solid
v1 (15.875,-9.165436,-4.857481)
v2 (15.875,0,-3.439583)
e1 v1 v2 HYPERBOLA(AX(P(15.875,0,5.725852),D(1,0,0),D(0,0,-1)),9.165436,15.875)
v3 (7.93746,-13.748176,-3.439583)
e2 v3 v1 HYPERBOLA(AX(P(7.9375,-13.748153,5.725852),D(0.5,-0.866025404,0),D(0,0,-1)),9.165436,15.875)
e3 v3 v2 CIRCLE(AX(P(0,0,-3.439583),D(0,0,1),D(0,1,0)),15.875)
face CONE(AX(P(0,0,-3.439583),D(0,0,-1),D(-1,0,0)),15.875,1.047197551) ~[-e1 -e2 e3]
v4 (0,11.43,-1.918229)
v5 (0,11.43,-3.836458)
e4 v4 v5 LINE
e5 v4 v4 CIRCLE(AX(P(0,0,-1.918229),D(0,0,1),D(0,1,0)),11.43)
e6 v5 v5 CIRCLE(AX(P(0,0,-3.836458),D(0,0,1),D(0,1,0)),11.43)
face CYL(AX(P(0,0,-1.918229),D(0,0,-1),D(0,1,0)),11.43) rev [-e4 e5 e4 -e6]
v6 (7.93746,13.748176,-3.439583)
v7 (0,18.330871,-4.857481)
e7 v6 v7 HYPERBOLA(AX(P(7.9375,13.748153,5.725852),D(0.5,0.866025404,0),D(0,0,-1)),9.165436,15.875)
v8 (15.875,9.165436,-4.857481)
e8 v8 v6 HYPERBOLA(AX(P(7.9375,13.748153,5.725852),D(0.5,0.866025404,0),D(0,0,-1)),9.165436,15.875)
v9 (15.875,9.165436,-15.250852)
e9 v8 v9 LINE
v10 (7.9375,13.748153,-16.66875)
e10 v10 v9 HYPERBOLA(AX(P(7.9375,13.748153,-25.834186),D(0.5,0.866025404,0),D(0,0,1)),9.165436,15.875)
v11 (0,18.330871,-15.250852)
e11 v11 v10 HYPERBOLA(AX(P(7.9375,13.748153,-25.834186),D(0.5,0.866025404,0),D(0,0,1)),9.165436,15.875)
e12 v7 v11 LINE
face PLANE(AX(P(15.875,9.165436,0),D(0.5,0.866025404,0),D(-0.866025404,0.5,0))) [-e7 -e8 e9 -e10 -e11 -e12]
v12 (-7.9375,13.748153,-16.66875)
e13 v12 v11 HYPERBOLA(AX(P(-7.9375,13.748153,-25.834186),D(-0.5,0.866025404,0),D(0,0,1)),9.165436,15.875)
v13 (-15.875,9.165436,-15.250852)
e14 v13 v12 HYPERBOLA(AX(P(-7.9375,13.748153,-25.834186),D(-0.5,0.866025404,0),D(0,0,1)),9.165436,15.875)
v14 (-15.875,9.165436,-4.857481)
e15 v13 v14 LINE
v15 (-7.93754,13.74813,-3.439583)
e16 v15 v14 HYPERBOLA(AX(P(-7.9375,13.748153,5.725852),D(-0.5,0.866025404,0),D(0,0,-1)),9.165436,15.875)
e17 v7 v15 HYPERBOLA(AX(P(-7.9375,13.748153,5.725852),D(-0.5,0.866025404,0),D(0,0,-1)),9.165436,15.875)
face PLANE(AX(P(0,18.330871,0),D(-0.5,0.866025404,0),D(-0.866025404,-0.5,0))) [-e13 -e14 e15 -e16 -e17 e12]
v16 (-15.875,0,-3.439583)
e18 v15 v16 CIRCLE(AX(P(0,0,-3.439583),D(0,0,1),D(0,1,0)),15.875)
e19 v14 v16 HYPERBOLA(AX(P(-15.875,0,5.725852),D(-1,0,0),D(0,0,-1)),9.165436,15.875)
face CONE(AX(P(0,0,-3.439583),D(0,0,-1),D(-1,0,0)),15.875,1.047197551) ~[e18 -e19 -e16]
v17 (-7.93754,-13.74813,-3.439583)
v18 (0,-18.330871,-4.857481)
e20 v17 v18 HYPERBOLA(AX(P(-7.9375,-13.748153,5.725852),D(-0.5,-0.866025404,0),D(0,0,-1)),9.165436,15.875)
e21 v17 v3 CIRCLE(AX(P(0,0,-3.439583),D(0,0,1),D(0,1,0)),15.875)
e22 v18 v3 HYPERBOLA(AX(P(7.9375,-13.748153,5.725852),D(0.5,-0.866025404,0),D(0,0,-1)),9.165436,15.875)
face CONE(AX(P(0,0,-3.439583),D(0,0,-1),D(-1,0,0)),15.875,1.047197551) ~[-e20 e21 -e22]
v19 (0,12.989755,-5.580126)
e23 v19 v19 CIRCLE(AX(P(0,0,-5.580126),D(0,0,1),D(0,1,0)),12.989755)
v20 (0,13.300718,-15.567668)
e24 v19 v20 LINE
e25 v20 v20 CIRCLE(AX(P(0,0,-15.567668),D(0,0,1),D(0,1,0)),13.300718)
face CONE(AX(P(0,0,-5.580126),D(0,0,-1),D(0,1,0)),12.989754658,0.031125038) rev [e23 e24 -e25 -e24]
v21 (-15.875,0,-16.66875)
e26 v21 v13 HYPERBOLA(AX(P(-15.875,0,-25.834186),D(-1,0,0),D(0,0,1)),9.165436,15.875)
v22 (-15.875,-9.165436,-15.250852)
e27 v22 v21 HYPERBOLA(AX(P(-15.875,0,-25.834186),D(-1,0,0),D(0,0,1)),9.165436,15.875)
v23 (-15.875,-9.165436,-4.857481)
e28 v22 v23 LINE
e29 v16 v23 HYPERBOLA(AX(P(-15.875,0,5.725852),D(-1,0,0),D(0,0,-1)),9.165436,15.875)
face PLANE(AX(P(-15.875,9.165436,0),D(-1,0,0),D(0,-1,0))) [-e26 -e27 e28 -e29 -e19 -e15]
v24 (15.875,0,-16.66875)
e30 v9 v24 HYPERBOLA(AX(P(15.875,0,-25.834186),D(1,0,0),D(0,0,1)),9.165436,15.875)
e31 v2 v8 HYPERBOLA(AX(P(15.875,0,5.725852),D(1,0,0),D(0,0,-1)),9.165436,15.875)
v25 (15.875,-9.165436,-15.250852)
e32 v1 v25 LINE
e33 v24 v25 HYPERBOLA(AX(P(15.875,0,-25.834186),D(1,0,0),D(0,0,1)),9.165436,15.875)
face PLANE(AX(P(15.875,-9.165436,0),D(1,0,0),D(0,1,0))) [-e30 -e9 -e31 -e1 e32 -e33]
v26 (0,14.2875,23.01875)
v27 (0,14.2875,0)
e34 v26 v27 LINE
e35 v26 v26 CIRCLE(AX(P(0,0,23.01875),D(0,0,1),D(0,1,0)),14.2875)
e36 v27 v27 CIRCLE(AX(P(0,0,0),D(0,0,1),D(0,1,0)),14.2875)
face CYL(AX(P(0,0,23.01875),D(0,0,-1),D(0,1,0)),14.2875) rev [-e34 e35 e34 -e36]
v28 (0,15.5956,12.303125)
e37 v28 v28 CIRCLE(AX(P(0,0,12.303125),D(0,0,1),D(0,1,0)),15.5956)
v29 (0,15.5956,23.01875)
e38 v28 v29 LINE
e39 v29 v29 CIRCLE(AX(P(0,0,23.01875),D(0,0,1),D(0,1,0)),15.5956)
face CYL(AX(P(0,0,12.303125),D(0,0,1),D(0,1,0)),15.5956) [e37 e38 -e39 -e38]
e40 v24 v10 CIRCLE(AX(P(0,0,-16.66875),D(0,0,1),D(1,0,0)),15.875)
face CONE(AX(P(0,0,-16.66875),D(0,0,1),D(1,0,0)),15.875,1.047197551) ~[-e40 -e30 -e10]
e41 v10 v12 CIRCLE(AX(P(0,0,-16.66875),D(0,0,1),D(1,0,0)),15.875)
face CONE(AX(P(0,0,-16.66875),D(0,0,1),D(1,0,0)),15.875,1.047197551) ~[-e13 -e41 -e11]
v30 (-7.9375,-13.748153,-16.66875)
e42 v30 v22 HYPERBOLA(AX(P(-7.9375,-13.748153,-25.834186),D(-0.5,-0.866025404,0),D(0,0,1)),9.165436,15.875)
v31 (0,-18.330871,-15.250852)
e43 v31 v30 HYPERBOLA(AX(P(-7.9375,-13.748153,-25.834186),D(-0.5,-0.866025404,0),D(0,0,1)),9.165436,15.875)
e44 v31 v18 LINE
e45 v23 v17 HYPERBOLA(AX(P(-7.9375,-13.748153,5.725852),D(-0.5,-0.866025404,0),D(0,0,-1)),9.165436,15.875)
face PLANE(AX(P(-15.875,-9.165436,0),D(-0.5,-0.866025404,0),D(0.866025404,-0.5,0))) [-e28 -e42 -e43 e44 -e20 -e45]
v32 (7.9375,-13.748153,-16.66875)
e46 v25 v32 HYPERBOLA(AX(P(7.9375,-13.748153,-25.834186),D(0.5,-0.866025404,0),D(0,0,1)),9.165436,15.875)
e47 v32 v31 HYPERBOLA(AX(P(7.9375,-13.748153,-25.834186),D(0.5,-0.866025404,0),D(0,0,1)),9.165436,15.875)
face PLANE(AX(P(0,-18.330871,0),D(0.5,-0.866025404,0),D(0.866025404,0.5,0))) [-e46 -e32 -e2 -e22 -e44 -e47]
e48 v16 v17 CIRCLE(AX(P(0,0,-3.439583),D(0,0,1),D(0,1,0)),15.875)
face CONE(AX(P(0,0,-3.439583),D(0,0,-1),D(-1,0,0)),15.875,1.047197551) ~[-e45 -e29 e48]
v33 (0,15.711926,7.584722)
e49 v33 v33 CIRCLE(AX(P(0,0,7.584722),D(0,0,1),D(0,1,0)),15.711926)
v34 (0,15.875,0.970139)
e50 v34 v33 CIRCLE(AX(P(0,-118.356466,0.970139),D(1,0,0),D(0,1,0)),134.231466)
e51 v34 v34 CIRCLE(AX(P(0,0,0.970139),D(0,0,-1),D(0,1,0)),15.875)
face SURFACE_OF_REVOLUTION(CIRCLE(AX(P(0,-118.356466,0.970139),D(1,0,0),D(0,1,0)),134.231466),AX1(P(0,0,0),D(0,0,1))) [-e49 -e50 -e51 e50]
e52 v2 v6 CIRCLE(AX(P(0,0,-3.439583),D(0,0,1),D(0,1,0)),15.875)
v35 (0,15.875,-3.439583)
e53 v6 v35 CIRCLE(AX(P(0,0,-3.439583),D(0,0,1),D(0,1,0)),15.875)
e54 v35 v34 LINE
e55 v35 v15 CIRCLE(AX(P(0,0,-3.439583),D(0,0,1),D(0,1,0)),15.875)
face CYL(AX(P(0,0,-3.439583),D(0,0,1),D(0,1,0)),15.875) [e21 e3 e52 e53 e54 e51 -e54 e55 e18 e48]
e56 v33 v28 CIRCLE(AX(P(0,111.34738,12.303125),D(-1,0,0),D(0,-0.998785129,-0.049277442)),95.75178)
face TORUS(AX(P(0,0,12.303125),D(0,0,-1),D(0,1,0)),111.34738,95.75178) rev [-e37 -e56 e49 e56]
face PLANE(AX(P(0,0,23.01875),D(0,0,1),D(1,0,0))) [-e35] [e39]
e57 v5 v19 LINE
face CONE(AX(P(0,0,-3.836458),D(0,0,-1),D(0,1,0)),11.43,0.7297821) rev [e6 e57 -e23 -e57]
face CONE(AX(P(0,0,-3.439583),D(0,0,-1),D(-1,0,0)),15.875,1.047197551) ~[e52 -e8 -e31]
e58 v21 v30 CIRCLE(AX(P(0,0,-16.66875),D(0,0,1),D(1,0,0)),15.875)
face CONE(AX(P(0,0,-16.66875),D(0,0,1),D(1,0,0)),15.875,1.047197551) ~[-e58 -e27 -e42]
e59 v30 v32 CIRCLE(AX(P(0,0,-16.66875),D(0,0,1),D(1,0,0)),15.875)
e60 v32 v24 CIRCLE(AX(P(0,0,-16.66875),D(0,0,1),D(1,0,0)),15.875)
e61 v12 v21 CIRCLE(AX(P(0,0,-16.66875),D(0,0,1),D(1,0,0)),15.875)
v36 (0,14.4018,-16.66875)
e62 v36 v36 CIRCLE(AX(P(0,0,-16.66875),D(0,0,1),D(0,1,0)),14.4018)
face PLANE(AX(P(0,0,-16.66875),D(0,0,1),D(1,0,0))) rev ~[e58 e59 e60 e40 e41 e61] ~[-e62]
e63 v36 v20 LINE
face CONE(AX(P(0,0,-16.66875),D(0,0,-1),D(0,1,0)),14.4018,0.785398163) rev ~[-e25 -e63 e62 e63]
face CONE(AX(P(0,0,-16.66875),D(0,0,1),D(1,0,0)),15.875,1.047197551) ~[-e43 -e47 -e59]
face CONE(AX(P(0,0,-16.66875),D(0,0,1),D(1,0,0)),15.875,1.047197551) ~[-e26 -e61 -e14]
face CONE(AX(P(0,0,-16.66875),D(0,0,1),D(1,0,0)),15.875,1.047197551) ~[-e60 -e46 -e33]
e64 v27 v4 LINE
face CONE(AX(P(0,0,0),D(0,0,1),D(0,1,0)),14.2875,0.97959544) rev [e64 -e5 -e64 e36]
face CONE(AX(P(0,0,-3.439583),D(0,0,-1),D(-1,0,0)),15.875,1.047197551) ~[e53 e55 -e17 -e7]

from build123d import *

# Parameters (mm, degrees)
BOSS_EXTRUDE1_DEPTH      = 23.01875
BOSS_EXTRUDE1_DEPTH_BACK = 16.66875
SKETCH8_OUTSIDE_W        = 7085.338
SKETCH8_OUTSIDE_H        = 7090.25
SKETCH8_OUTSIDE_R        = 15.875
CUT_EXTRUDE7_DEPTH       = 2032
CUT_EXTRUDE7_TAPER       = 60
SKETCH20_OUTSIDE_W       = 55.082
SKETCH20_OUTSIDE_H       = 59.994
SKETCH20_OUTSIDE_R       = 15.875
CUT_EXTRUDE9_DEPTH       = 2.54
CUT_EXTRUDE9_TAPER       = 60
CHAMFER1_SIZE2           = 1.101615862
CHAMFER1_SIZE            = 1.0668


with BuildPart() as part:
    # Sketch2 → Boss-Extrude1 (new body, two sides)
    with BuildSketch(Plane.XY) as boss_extrude1_sk:
        Polygon((0, 18.330871047), (-15.875, 9.165435523), (-15.875, -9.165435523), (0, -18.330871047), (15.875, -9.165435523), (15.875, 9.165435523), align=None)
    extrude(amount=BOSS_EXTRUDE1_DEPTH)
    extrude(boss_extrude1_sk.sketch, amount=-BOSS_EXTRUDE1_DEPTH_BACK)

    # Sketch5 → Cut-Revolve1 (revolve, cut)
    with BuildSketch(Plane(origin=(0, 0, 0), x_dir=(0, 0, -1), z_dir=(1, 0, 0))):
        Polygon((-23.01875, 0), (-23.01875, 14.2875), (0, 14.2875), (1.918229167, 11.43), (3.836458333, 11.43), (5.580126, 12.989754658), (16.66875, 13.335), (16.66875, 0), align=None)
    revolve(axis=Axis((0, 0, -16.66875), (0, 0, 1)), mode=Mode.SUBTRACT)

    # Sketch24 → Cut-Revolve2 (revolve, cut)
    with BuildSketch(Plane(origin=(0, 0, 0), x_dir=(0, 0, -1), z_dir=(1, 0, 0))):
        with BuildLine():
            Line((-23.01875, 15.5956), (-23.01875, 18.330871047))
            Line((-23.01875, 18.330871047), (3.439583333, 18.330871047))
            Line((3.439583333, 18.330871047), (3.439583333, 15.875))
            Line((3.439583333, 15.875), (-0.970138889, 15.875))
            ThreePointArc((-0.970138889, 15.875), (-4.278435497, 15.834225325), (-7.584722222, 15.71192607))
            ThreePointArc((-7.584722222, 15.71192607), (-9.943206753, 15.624685935), (-12.303125, 15.5956))
            Line((-12.303125, 15.5956), (-23.01875, 15.5956))
        make_face()
    revolve(axis=Axis((0, 0, 0), (0, 0, 1)), mode=Mode.SUBTRACT)

    # Sketch8 outside → Cut-Extrude7 (cut)
    with BuildSketch(Plane.XY.offset(-16.66875)):
        Rectangle(SKETCH8_OUTSIDE_W, SKETCH8_OUTSIDE_H)
        Circle(SKETCH8_OUTSIDE_R, mode=Mode.SUBTRACT)
    extrude(amount=CUT_EXTRUDE7_DEPTH, taper=CUT_EXTRUDE7_TAPER, mode=Mode.SUBTRACT)

    # Sketch20 outside → Cut-Extrude9 (cut)
    with BuildSketch(Plane(origin=(0, 0, -3.439583333), x_dir=(-1, 0, 0), z_dir=(0, 0, -1))):
        Rectangle(SKETCH20_OUTSIDE_W, SKETCH20_OUTSIDE_H)
        Circle(SKETCH20_OUTSIDE_R, mode=Mode.SUBTRACT)
    extrude(amount=CUT_EXTRUDE9_DEPTH, taper=CUT_EXTRUDE9_TAPER, mode=Mode.SUBTRACT)

    # Chamfer1
    chamfer1_edges = [part.edges().sort_by_distance(p)[0] for p in [
        (0, -13.335, -16.66875),
    ]]
    chamfer(chamfer1_edges, length=CHAMFER1_SIZE, length2=CHAMFER1_SIZE2)


solid = part.part
